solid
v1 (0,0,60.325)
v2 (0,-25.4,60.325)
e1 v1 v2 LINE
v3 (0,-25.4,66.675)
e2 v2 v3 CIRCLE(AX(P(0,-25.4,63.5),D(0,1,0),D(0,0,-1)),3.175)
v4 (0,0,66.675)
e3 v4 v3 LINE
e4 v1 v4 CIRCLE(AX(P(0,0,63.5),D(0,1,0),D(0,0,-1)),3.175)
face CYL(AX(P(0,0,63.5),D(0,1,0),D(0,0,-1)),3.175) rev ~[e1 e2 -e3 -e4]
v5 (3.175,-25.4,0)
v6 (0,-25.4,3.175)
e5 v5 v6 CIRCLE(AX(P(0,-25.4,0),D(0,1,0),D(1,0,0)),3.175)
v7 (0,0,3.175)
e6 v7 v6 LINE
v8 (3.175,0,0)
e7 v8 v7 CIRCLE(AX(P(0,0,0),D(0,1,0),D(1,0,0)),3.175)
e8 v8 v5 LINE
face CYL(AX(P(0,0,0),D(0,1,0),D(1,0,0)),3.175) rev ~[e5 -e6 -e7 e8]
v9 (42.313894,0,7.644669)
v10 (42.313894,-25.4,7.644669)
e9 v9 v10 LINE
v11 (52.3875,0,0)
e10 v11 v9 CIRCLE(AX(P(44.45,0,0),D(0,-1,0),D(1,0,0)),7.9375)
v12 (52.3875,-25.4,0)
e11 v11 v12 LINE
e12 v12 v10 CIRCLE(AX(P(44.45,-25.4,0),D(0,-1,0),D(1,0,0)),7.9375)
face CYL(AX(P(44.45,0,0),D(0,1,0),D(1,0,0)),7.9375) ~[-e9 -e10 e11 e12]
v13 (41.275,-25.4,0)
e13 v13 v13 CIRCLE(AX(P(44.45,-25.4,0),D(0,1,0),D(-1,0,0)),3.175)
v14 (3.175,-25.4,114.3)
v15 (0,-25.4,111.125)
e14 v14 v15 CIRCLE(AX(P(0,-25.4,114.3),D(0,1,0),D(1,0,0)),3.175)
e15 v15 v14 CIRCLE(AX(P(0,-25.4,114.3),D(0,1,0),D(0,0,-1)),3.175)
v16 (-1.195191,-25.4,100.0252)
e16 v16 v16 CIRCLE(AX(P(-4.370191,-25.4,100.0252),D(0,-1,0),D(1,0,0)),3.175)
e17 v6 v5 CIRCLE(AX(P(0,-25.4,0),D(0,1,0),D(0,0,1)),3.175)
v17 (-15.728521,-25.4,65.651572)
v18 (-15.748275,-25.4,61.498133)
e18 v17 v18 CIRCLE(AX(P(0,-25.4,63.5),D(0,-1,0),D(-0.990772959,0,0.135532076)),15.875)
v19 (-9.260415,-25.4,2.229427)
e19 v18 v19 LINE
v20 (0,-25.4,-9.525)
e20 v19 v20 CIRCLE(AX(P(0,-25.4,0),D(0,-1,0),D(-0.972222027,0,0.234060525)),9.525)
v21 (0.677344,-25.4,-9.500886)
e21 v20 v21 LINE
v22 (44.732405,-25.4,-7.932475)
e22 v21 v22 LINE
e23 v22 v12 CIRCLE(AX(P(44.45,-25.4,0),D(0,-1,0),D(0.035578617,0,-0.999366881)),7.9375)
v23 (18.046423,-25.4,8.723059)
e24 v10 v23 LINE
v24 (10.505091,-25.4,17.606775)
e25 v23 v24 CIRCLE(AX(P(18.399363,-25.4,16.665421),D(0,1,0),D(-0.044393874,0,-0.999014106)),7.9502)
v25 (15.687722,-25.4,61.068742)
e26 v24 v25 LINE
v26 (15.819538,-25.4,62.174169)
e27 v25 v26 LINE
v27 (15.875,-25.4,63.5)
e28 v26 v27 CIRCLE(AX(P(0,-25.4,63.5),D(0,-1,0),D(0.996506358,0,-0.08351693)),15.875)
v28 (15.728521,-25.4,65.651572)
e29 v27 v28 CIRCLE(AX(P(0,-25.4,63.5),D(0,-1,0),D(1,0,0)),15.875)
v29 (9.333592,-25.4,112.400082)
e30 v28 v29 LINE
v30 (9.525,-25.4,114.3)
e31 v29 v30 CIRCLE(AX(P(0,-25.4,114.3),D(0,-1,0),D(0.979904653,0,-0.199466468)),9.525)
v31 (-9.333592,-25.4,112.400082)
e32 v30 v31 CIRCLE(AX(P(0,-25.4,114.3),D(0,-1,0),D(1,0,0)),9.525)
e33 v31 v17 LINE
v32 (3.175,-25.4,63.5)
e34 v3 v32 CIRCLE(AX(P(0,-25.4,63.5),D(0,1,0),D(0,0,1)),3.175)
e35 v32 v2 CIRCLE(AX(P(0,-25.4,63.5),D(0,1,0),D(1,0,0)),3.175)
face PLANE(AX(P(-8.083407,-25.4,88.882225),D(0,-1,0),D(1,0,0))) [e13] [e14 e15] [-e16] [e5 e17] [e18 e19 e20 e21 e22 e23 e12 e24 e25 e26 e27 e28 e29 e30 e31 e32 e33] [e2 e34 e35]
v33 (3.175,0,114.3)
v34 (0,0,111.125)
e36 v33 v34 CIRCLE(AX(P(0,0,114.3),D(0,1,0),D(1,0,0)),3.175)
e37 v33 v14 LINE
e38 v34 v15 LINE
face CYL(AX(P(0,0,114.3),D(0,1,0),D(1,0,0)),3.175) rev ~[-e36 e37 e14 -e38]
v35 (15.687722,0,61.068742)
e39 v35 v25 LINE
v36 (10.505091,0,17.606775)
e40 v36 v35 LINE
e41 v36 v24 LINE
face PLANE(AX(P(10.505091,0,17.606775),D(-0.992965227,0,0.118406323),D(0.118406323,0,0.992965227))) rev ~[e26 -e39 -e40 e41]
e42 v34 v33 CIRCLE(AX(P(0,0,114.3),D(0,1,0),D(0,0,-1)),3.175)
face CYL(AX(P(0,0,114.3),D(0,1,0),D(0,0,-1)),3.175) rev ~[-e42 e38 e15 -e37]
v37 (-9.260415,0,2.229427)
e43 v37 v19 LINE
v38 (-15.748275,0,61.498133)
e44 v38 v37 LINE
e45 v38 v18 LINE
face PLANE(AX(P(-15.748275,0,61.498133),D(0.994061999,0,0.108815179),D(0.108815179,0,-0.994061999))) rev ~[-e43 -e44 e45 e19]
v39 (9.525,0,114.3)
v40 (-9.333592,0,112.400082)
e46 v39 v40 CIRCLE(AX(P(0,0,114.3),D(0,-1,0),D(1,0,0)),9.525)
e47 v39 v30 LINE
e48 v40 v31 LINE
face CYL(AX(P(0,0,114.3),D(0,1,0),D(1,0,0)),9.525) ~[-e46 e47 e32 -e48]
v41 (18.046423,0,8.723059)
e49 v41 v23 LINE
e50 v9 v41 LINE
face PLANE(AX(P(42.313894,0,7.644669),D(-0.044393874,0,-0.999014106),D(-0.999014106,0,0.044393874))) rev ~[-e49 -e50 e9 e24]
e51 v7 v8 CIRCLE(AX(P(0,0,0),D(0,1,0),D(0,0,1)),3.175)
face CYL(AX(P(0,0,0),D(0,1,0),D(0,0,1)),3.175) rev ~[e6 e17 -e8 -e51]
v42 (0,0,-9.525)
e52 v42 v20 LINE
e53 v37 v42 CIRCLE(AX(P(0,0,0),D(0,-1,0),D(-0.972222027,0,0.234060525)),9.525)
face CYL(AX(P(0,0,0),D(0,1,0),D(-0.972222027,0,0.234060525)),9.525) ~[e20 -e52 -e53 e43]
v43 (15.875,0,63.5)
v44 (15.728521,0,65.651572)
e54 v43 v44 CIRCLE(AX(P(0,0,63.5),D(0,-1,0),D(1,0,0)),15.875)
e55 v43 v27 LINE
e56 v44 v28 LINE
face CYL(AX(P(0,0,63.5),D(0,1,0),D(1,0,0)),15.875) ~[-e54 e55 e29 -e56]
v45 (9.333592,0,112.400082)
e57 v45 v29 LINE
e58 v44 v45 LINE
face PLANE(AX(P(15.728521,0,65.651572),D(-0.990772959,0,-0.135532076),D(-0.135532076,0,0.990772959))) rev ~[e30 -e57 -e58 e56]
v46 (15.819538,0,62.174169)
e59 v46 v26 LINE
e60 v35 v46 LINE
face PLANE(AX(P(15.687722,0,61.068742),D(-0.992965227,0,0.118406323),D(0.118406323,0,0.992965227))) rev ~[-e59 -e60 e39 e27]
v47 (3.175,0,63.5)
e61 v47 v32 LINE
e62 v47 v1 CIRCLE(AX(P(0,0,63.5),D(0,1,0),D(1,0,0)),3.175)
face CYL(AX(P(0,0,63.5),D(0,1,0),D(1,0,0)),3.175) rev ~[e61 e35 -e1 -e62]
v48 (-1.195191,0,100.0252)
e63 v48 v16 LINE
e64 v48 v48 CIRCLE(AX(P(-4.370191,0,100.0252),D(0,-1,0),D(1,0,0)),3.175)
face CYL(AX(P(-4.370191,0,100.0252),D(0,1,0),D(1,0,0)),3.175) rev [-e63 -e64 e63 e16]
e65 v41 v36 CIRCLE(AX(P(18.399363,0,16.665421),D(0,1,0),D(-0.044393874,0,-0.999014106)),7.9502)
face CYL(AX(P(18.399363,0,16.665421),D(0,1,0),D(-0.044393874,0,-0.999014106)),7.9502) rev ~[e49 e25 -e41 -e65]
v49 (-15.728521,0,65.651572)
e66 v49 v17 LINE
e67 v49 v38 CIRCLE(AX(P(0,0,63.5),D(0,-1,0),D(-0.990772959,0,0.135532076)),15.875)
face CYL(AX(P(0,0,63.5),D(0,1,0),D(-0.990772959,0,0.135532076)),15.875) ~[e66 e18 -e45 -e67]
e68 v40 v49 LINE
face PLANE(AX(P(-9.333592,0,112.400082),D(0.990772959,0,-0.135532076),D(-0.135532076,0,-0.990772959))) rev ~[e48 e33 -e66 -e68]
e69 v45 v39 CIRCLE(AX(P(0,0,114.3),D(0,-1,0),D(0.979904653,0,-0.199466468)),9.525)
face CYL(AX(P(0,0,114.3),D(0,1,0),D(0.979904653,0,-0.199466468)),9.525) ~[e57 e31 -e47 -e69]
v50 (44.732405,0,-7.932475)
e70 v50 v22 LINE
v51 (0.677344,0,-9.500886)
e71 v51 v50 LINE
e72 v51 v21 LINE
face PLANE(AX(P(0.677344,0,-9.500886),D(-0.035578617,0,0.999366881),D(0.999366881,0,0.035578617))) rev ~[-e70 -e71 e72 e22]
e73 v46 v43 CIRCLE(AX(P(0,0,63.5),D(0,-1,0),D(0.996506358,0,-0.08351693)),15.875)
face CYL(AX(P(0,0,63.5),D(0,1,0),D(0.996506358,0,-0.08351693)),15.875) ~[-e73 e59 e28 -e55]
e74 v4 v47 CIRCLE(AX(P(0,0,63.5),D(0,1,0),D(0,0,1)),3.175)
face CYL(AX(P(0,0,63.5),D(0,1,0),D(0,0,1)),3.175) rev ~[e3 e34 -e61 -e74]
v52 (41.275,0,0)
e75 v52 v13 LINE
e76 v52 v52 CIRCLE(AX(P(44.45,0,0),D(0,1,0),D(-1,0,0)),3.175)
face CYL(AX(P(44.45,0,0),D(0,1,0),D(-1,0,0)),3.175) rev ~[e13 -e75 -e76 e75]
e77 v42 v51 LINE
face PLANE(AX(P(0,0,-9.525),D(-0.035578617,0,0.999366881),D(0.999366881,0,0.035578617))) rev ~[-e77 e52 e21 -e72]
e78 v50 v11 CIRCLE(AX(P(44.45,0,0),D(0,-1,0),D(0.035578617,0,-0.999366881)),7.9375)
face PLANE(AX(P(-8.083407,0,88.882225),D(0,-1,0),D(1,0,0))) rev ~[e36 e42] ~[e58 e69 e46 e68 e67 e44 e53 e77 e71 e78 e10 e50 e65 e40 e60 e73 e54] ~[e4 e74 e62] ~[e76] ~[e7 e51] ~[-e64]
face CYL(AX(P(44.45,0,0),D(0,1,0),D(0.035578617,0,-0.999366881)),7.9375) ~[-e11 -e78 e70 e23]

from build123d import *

# Parameters (mm, degrees)
F0_R     = 3.175
F1_DEPTH = 25.4


with BuildPart() as f1:
    # F0 (on Front) → F1 (new body)
    with BuildSketch(Plane.XZ):
        with BuildLine():
            Line((-9.3335918161, 112.4000818938), (-15.7285207247, 65.6515717072))
            ThreePointArc((-15.7285207247, 65.6515717072), (-10.4369397849, 75.4618524036), (0, 79.375))
            Line((0, 79.375), (0, 104.775))
            ThreePointArc((0, 104.775), (-6.0261474027, 106.923607082), (-9.3335918161, 112.4000818938))
        make_face()
        with Locations((-4.3701906689, 100.0252)):
            Circle(F0_R, mode=Mode.SUBTRACT)
        with BuildLine():
            Line((0, 104.775), (0, 79.375))
            ThreePointArc((0, 79.375), (10.4369397849, 75.4618524036), (15.7285207247, 65.6515717072))
            Line((15.7285207247, 65.6515717072), (9.3335918161, 112.4000818938))
            ThreePointArc((9.3335918161, 112.4000818938), (6.0261474027, 106.923607082), (0, 104.775))
        make_face()
        with BuildLine():
            ThreePointArc((9.525, 114.3), (-0.9547677601, 123.7770271459), (-9.3335918161, 112.4000818938))
            ThreePointArc((-9.3335918161, 112.4000818938), (-6.0261474027, 106.923607082), (0, 104.775))
            ThreePointArc((0, 104.775), (6.0261474027, 106.923607082), (9.3335918161, 112.4000818938))
            ThreePointArc((9.3335918161, 112.4000818938), (9.4770271459, 113.3452322399), (9.525, 114.3))
        make_face()
        with BuildLine():
            ThreePointArc((3.175, 114.3), (2.2450640303, 112.0549359697), (0, 111.125))
            ThreePointArc((0, 111.125), (-2.2450640303, 116.5450640303), (3.175, 114.3))
        make_face(mode=Mode.SUBTRACT)
        with BuildLine():
            ThreePointArc((-15.7285207247, 65.6515717072), (-15.8748204581, 63.5755011369), (-15.7482746081, 61.4981329045))
            ThreePointArc((-15.7482746081, 61.4981329045), (-10.4937120424, 51.5879207285), (0, 47.625))
            Line((0, 47.625), (0, 60.325))
            ThreePointArc((0, 60.325), (-3.175, 63.5), (0, 66.675))
            Line((0, 66.675), (0, 79.375))
            ThreePointArc((0, 79.375), (-10.4369397849, 75.4618524036), (-15.7285207247, 65.6515717072))
        make_face()
        with BuildLine():
            Line((0, 60.325), (0, 47.625))
            ThreePointArc((0, 47.625), (10.3300388922, 51.4457094159), (15.6877216443, 61.068742175))
            Line((15.6877216443, 61.068742175), (15.8195384397, 62.1741687302))
            ThreePointArc((15.8195384397, 62.1741687302), (15.8611285495, 62.836504608), (15.875, 63.5))
            ThreePointArc((15.875, 63.5), (15.8383378469, 64.5782760534), (15.7285207247, 65.6515717072))
            ThreePointArc((15.7285207247, 65.6515717072), (10.4369397849, 75.4618524036), (0, 79.375))
            Line((0, 79.375), (0, 66.675))
            ThreePointArc((0, 66.675), (2.2450640303, 65.7450640303), (3.175, 63.5))
            ThreePointArc((3.175, 63.5), (2.2450640303, 61.2549359697), (0, 60.325))
        make_face()
        with BuildLine():
            Line((-15.7482746081, 61.4981329045), (-9.2604148108, 2.2294265028))
            ThreePointArc((-9.2604148108, 2.2294265028), (-5.8945032683, 7.4820088358), (0, 9.525))
            Line((0, 9.525), (0, 47.625))
            ThreePointArc((0, 47.625), (-10.4937120424, 51.5879207285), (-15.7482746081, 61.4981329045))
        make_face()
        with BuildLine():
            Line((0, 47.625), (0, 9.525))
            ThreePointArc((0, 9.525), (6.7351920908, 6.7351920908), (9.525, 0))
            Line((9.525, 0), (36.5125, 0))
            ThreePointArc((36.5125, 0), (38.1270557047, 4.7983623965), (42.3138938112, 7.6446685082))
            Line((42.3138938112, 7.6446685082), (18.046423202, 8.7230587272))
            ThreePointArc((18.046423202, 8.7230587272), (12.3384863957, 11.5203793509), (10.5050912318, 17.6067746247))
            Line((10.5050912318, 17.6067746247), (15.6877216443, 61.068742175))
            ThreePointArc((15.6877216443, 61.068742175), (10.3300388922, 51.4457094159), (0, 47.625))
        make_face()
        with BuildLine():
            ThreePointArc((9.525, 0), (6.9705567315, -6.4912990883), (0.6773435479, -9.500885786))
            Line((0.6773435479, -9.500885786), (44.7324052746, -7.9324746146))
            ThreePointArc((44.7324052746, -7.9324746146), (38.9380895153, -5.7116327839), (36.5125, 0))
            Line((36.5125, 0), (9.525, 0))
        make_face()
        with BuildLine():
            ThreePointArc((36.5125, 0), (38.9380895153, -5.7116327839), (44.7324052746, -7.9324746146))
            ThreePointArc((44.7324052746, -7.9324746146), (50.1616327839, -5.5119104847), (52.3875, 0))
            ThreePointArc((52.3875, 0), (49.2483623965, 6.3229442953), (42.3138938112, 7.6446685082))
            ThreePointArc((42.3138938112, 7.6446685082), (38.1270557047, 4.7983623965), (36.5125, 0))
        make_face()
        with BuildLine():
            ThreePointArc((47.625, 0), (44.45, -3.175), (41.275, 0))
            ThreePointArc((41.275, 0), (44.45, 3.175), (47.625, 0))
        make_face(mode=Mode.SUBTRACT)
        with BuildLine():
            ThreePointArc((0, 9.525), (-5.8945032683, 7.4820088358), (-9.2604148108, 2.2294265028))
            ThreePointArc((-9.2604148108, 2.2294265028), (-7.4820088358, -5.8945032683), (0, -9.525))
            Line((0, -9.525), (0.6773435479, -9.500885786))
            ThreePointArc((0.6773435479, -9.500885786), (6.9705567315, -6.4912990883), (9.525, 0))
            Line((9.525, 0), (3.175, 0))
            ThreePointArc((3.175, 0), (-2.2450640303, -2.2450640303), (0, 3.175))
            Line((0, 3.175), (0, 9.525))
        make_face()
        with BuildLine():
            ThreePointArc((9.525, 0), (6.7351920908, 6.7351920908), (0, 9.525))
            Line((0, 9.525), (0, 3.175))
            ThreePointArc((0, 3.175), (2.2450640303, 2.2450640303), (3.175, 0))
            Line((3.175, 0), (9.525, 0))
        make_face()
    extrude(amount=F1_DEPTH)


solid = f1.part
